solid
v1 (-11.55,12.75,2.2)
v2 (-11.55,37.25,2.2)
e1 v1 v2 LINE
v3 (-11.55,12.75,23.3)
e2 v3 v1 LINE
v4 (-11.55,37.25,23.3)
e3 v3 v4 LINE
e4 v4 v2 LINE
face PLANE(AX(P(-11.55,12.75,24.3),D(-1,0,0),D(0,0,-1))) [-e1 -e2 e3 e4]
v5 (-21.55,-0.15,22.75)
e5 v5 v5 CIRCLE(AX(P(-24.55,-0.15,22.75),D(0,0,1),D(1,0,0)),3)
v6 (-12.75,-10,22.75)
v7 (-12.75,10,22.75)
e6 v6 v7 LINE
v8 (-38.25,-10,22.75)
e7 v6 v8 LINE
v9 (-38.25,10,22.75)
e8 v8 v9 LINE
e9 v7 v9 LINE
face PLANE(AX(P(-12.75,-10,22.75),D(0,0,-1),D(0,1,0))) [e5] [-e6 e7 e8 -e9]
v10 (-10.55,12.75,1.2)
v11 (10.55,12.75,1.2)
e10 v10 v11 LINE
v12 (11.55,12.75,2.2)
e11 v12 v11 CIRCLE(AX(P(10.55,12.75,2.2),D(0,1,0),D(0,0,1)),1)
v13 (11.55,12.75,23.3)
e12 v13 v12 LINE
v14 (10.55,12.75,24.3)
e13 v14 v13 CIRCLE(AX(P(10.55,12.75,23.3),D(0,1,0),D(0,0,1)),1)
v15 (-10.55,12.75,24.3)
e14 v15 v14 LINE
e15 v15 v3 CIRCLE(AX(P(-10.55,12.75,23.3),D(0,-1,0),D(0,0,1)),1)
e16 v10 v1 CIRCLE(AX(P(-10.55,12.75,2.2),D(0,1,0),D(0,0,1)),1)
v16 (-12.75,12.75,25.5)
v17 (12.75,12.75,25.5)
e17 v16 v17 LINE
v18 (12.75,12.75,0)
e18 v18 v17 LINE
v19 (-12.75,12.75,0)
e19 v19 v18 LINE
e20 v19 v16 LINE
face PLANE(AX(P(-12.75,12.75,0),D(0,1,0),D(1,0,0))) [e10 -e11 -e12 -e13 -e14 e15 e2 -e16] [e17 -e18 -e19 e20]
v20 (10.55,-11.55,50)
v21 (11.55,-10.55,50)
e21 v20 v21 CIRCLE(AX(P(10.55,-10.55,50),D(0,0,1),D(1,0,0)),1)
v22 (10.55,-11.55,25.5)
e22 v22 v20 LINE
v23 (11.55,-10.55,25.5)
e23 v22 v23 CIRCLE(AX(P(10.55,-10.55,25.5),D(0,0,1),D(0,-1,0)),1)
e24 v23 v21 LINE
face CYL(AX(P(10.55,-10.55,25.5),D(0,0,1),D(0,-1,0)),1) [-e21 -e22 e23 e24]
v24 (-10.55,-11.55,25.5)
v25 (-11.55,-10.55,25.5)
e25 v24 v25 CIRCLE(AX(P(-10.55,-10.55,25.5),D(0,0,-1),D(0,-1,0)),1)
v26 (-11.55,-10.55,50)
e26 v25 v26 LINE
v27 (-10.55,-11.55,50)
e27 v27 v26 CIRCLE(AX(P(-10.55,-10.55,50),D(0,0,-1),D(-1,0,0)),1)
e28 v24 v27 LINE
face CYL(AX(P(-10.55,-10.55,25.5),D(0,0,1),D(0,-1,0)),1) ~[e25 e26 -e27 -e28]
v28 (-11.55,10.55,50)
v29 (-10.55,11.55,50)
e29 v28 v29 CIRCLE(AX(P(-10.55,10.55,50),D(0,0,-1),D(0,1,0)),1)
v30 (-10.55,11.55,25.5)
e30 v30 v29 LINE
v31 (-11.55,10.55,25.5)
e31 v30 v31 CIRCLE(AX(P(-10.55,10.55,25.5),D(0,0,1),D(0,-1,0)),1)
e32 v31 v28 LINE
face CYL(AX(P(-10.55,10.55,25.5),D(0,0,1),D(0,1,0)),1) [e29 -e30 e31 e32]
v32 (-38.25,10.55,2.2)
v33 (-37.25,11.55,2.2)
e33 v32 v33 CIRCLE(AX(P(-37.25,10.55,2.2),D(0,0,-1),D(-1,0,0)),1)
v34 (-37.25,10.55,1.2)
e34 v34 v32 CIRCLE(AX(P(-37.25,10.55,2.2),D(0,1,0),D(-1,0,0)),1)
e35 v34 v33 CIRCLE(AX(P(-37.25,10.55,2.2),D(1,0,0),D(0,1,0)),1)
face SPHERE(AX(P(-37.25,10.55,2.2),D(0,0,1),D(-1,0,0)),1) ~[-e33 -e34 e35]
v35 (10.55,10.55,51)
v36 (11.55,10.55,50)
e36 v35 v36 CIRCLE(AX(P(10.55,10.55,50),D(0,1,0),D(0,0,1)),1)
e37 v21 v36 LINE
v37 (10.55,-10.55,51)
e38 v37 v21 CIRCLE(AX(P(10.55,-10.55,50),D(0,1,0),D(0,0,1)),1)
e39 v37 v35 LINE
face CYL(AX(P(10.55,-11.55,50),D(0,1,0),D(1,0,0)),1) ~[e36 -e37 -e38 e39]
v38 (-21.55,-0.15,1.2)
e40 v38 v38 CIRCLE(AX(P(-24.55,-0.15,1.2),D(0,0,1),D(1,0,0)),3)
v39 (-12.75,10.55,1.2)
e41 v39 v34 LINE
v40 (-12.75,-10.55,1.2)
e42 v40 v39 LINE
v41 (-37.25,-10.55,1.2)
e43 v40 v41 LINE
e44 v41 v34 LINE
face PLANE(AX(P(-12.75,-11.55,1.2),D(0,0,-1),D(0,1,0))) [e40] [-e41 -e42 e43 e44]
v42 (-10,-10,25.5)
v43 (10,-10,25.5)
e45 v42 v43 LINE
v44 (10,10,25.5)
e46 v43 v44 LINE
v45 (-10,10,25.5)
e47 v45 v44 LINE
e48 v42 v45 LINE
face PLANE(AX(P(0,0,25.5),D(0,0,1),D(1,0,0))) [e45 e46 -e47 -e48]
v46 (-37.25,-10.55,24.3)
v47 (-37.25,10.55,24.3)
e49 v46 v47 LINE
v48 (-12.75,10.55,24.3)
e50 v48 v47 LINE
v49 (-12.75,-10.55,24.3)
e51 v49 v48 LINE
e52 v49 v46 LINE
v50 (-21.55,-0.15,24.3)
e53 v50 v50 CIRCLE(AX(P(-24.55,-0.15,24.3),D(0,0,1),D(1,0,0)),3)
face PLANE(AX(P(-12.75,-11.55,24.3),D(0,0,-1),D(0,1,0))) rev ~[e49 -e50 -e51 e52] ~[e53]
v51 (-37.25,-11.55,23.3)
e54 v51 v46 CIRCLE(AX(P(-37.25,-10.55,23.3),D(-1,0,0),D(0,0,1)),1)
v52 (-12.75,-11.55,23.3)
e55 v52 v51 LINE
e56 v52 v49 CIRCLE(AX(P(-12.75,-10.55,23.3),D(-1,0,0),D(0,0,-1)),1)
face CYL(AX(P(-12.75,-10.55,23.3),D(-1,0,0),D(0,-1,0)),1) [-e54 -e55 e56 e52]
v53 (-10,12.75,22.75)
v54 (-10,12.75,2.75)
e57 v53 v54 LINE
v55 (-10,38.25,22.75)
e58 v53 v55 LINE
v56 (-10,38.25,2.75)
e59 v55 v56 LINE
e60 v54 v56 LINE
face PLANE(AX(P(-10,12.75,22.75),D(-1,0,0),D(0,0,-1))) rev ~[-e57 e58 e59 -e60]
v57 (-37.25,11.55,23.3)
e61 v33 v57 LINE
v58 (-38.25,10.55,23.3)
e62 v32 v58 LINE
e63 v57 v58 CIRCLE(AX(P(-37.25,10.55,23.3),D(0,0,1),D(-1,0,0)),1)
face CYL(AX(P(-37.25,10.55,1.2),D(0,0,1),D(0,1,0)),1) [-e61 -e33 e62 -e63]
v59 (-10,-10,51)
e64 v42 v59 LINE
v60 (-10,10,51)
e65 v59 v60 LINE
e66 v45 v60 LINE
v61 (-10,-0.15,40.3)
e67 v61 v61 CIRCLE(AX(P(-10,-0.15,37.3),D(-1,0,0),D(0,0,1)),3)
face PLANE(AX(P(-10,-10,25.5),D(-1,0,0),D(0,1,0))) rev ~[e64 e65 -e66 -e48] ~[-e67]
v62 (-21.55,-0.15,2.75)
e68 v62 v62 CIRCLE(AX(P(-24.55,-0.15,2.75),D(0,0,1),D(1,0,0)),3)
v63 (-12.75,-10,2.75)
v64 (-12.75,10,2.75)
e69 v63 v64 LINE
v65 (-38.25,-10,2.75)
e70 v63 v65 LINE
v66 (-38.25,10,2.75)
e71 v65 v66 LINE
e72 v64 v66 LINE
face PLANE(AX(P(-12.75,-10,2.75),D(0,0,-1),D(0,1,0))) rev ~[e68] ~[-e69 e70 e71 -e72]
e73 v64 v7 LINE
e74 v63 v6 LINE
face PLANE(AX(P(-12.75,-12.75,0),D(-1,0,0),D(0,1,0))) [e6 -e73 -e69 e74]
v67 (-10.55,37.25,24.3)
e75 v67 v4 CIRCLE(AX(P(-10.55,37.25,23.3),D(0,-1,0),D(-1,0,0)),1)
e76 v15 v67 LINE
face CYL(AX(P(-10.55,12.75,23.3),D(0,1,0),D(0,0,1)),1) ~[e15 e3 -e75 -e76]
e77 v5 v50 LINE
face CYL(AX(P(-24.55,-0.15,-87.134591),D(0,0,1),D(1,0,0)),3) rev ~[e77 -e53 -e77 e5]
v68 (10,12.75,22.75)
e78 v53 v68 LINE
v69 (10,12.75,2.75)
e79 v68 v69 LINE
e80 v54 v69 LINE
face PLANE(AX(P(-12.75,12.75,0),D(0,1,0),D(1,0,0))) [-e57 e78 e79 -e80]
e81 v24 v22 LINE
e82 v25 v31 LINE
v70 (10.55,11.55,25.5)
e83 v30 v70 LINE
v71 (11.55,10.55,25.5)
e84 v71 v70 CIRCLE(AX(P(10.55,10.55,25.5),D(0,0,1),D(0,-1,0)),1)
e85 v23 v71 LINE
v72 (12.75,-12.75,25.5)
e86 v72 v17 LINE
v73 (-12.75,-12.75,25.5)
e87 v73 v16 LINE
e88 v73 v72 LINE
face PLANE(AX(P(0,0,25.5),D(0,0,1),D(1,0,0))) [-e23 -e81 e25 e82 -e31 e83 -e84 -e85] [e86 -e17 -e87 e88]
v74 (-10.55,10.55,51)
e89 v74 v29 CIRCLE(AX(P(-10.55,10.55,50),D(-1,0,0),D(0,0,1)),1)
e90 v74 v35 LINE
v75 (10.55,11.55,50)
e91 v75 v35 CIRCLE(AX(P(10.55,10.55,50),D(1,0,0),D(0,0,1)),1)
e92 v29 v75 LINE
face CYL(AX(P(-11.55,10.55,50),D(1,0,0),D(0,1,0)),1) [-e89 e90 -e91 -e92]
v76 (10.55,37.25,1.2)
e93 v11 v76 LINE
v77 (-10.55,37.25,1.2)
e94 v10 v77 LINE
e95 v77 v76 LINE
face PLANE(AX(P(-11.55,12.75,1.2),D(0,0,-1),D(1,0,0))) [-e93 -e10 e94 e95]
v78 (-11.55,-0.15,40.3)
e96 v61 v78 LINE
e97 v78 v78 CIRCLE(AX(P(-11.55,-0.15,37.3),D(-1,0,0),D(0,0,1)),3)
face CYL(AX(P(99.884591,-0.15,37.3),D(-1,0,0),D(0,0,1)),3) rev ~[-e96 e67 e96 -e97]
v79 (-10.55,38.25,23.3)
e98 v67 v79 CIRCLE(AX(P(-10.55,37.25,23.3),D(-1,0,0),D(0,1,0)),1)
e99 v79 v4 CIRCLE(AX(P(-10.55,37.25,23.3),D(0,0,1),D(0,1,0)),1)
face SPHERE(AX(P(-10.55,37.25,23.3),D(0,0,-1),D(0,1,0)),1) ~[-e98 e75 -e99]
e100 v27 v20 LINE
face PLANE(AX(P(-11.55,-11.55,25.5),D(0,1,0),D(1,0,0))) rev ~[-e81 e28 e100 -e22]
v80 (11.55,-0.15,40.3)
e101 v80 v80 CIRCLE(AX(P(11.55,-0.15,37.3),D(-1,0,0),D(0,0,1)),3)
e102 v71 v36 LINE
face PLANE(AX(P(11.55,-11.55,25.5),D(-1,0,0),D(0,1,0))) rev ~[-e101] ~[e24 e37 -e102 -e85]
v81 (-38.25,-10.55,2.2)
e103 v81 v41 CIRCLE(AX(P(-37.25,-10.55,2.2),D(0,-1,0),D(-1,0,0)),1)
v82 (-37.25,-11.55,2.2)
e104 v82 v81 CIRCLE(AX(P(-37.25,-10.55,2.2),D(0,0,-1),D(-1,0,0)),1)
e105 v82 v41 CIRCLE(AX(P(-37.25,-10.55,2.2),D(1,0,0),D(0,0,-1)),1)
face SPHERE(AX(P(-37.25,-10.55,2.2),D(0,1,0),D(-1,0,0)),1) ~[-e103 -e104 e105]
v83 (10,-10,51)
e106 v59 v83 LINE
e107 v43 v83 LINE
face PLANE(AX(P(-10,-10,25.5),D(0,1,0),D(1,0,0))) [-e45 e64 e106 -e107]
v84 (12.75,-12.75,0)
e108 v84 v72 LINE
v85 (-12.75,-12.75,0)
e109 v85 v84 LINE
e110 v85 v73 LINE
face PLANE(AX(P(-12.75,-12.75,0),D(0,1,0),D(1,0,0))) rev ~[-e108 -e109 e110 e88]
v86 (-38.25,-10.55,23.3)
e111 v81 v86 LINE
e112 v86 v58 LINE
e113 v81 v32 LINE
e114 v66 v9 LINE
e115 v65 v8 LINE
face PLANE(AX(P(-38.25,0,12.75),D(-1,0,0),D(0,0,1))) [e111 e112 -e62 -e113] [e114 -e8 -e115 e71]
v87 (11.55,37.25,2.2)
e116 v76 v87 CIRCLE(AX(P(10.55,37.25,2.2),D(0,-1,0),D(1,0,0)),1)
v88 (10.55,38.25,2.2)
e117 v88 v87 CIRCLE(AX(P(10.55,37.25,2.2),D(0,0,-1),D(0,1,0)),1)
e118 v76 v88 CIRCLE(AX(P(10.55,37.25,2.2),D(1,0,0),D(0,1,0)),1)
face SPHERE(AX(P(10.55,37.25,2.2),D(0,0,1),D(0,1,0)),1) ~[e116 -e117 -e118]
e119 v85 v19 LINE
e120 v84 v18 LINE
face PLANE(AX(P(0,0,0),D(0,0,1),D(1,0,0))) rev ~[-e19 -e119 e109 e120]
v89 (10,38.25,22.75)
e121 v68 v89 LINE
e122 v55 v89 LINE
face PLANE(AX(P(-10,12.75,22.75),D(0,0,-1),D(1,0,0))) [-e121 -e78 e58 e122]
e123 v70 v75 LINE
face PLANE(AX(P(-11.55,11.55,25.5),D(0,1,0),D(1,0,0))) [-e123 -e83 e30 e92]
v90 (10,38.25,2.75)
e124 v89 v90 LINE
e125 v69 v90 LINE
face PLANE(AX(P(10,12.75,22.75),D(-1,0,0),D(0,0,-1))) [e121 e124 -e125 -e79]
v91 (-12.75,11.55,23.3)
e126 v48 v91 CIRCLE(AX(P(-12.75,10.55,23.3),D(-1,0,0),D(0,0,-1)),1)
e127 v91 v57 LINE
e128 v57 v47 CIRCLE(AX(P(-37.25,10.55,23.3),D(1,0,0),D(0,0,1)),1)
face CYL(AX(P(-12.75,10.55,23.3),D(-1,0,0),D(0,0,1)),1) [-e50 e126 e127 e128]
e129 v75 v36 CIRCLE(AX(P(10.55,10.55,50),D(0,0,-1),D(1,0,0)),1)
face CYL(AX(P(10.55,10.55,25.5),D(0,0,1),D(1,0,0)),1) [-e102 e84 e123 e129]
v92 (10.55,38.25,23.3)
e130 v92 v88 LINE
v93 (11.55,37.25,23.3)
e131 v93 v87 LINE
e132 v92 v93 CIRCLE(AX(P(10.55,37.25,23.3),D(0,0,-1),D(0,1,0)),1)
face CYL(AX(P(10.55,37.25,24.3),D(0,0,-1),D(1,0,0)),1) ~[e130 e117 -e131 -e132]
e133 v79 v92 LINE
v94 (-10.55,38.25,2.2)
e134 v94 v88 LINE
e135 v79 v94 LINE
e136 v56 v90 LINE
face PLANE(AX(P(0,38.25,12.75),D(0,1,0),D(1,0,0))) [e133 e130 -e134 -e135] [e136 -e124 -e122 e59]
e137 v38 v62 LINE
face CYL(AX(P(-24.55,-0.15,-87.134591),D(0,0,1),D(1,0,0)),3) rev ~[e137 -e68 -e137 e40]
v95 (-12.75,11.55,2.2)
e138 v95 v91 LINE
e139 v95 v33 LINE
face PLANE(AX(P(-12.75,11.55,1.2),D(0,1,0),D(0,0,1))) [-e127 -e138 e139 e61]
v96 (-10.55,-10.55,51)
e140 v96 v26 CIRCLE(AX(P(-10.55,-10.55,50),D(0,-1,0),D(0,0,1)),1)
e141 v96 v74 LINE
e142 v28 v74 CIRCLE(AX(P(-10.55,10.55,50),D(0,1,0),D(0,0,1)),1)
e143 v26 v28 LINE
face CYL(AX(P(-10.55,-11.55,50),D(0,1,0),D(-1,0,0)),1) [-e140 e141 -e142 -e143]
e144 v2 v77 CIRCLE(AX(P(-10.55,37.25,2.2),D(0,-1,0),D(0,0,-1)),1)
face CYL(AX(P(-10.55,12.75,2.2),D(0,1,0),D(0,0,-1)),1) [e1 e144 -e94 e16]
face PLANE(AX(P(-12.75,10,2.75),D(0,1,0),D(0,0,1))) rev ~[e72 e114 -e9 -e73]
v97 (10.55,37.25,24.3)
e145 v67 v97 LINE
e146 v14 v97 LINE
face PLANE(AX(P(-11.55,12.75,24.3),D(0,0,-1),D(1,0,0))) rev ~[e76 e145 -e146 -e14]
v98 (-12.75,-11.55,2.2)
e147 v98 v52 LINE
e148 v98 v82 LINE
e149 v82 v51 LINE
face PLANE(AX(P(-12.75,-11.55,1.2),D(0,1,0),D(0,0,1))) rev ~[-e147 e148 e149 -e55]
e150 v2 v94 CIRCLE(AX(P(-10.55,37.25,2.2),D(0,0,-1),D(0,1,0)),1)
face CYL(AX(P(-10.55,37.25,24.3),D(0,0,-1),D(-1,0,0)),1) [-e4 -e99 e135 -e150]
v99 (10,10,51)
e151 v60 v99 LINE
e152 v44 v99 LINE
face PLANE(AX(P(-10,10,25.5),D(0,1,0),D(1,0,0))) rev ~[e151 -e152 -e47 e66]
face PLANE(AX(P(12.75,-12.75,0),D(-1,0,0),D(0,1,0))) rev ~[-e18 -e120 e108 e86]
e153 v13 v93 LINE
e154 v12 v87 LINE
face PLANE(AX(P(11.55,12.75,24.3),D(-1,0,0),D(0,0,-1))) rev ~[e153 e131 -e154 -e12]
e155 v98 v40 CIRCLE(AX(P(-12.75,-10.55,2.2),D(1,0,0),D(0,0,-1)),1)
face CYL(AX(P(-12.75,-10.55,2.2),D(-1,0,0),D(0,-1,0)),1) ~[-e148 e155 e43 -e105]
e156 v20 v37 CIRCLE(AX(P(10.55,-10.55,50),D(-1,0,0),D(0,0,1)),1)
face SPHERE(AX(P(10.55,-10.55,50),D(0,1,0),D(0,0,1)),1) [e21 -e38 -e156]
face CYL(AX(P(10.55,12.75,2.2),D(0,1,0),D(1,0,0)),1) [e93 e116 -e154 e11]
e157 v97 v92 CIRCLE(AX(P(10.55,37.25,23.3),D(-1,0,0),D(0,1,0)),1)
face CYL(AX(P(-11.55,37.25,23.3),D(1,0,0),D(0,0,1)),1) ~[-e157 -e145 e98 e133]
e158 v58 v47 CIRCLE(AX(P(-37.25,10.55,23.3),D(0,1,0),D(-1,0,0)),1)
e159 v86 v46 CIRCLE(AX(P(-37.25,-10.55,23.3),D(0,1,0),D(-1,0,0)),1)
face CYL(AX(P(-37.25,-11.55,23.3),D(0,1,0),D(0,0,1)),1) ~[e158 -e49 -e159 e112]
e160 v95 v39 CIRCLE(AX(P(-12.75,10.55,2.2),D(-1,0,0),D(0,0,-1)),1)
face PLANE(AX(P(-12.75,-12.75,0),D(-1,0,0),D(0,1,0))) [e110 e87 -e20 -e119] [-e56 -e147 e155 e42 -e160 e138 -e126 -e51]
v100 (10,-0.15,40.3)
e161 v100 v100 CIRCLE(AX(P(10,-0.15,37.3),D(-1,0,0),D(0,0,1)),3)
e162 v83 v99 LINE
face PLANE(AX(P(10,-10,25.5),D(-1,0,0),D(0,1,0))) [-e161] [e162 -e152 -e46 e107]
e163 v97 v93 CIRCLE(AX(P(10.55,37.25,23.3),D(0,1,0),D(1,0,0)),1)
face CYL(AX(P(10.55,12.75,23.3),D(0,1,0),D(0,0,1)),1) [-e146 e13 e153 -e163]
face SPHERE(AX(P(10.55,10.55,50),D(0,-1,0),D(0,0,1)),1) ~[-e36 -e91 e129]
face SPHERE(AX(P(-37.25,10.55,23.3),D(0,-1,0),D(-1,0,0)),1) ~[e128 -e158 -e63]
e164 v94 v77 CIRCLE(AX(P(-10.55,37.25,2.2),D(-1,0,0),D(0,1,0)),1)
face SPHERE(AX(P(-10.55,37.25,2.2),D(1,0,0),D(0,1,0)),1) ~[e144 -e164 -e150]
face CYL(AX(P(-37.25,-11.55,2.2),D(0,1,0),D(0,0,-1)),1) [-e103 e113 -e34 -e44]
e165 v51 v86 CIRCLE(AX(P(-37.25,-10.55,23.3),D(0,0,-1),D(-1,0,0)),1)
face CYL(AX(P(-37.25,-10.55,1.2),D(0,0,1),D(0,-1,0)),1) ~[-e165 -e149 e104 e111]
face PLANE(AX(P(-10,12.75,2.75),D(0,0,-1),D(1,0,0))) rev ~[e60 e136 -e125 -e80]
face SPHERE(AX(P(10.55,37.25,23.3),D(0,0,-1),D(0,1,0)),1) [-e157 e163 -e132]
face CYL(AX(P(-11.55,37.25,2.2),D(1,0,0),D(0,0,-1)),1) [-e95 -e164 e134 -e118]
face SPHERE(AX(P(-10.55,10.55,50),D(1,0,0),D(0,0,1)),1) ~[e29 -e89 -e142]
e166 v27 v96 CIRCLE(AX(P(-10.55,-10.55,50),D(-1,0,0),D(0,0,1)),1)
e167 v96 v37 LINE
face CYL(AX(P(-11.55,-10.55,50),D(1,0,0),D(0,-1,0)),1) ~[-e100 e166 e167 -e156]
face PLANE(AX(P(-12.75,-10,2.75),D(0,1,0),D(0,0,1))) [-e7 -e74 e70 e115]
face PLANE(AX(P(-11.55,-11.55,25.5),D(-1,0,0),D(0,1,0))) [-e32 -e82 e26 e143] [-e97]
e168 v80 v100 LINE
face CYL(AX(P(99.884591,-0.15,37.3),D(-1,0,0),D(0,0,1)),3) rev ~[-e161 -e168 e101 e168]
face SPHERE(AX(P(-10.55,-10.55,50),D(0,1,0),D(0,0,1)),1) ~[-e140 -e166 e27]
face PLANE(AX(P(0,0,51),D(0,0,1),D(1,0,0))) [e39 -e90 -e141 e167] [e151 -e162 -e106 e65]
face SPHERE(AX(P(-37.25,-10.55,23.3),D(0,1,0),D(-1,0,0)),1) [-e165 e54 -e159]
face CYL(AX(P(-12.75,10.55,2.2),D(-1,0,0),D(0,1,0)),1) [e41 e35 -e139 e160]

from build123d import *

# Parameters (mm, degrees)
SKETCH1_W                = 25.5
SKETCH1_H                = 25.5
BOSS_EXTRUDE1_DEPTH      = 25.5
SKETCH2_W                = 23.1
SKETCH2_H                = 23.1
SKETCH2_W_2              = 20
SKETCH2_H_2              = 20
BOSS_EXTRUDE2_DEPTH      = 25.5
SKETCH3_W                = 23.1
SKETCH3_H                = 23.1
SKETCH3_W_2              = 20
SKETCH3_H_2              = 20
BOSS_EXTRUDE3_DEPTH      = 25.5
SKETCH4_W                = 23.1
SKETCH4_H                = 23.1
SKETCH4_W_2              = 20
SKETCH4_H_2              = 20
BOSS_EXTRUDE4_DEPTH      = 25.5
FILLET4_R                = 1
F_6_0_6_DIAMETER_HOLE1_D = 6
F_6_0_6_DIAMETER_HOLE2_D = 6


with BuildPart() as part:
    # Sketch1 → Boss-Extrude1 (new body)
    with BuildSketch(Plane.XY):
        Rectangle(SKETCH1_W, SKETCH1_H)
    extrude(amount=BOSS_EXTRUDE1_DEPTH)

    # Sketch2 → Boss-Extrude2 (add)
    with BuildSketch(Plane(origin=(0, 12.75, 0), x_dir=(1, 0, 0), z_dir=(0, 1, 0))):
        with Locations((0, -12.75)):
            Rectangle(SKETCH2_W, SKETCH2_H)
        with Locations((0, -12.75)):
            Rectangle(SKETCH2_W_2, SKETCH2_H_2, mode=Mode.SUBTRACT)
    extrude(amount=BOSS_EXTRUDE2_DEPTH)

    # Sketch3 → Boss-Extrude3 (add)
    with BuildSketch(Plane.XY.offset(25.5)):
        Rectangle(SKETCH3_W, SKETCH3_H)
        Rectangle(SKETCH3_W_2, SKETCH3_H_2, mode=Mode.SUBTRACT)
    extrude(amount=BOSS_EXTRUDE3_DEPTH)

    # Sketch4 → Boss-Extrude4 (add)
    with BuildSketch(Plane.ZY.offset(12.75)):
        with Locations((12.75, 0)):
            Rectangle(SKETCH4_W, SKETCH4_H)
        with Locations((12.75, 0)):
            Rectangle(SKETCH4_W_2, SKETCH4_H_2, mode=Mode.SUBTRACT)
    extrude(amount=BOSS_EXTRUDE4_DEPTH)

    # Fillet4
    fillet4_edges = [part.edges().sort_by_distance(p)[0] for p in [
        (11.55, 38.25, 12.75),
        (0, 38.25, 1.2),
        (-11.55, 38.25, 12.75),
        (0, 38.25, 24.3),
        (11.55, 25.5, 24.3),
        (11.55, 25.5, 1.2),
        (-11.55, 25.5, 1.2),
        (-11.55, 25.5, 24.3),
        (11.55, 0, 51),
        (0, 11.55, 51),
        (-11.55, 0, 51),
        (0, -11.55, 51),
        (11.55, -11.55, 38.25),
        (11.55, 11.55, 38.25),
        (-11.55, 11.55, 38.25),
        (-11.55, -11.55, 38.25),
        (-38.25, 0, 24.3),
        (-38.25, 11.55, 12.75),
        (-38.25, 0, 1.2),
        (-38.25, -11.55, 12.75),
        (-25.5, -11.55, 24.3),
        (-25.5, 11.55, 24.3),
        (-25.5, 11.55, 1.2),
        (-25.5, -11.55, 1.2),
    ]]
    fillet(fillet4_edges, radius=FILLET4_R)

    # Ø6.0 (6) Diameter Hole1 (through all)
    with Locations(Plane(origin=(0, 0, 1.2), x_dir=(-1, 0, 0), z_dir=(0, 0, -1))):
        with Locations((24.55, -0.15)):
            Hole(F_6_0_6_DIAMETER_HOLE1_D / 2)

    # Ø6.0 (6) Diameter Hole2 (through all)
    with Locations(Plane(origin=(11.55, 0, 0), x_dir=(0, 0, -1), z_dir=(1, 0, 0))):
        with Locations((-37.3, -0.15)):
            Hole(F_6_0_6_DIAMETER_HOLE2_D / 2)


solid = part.part
